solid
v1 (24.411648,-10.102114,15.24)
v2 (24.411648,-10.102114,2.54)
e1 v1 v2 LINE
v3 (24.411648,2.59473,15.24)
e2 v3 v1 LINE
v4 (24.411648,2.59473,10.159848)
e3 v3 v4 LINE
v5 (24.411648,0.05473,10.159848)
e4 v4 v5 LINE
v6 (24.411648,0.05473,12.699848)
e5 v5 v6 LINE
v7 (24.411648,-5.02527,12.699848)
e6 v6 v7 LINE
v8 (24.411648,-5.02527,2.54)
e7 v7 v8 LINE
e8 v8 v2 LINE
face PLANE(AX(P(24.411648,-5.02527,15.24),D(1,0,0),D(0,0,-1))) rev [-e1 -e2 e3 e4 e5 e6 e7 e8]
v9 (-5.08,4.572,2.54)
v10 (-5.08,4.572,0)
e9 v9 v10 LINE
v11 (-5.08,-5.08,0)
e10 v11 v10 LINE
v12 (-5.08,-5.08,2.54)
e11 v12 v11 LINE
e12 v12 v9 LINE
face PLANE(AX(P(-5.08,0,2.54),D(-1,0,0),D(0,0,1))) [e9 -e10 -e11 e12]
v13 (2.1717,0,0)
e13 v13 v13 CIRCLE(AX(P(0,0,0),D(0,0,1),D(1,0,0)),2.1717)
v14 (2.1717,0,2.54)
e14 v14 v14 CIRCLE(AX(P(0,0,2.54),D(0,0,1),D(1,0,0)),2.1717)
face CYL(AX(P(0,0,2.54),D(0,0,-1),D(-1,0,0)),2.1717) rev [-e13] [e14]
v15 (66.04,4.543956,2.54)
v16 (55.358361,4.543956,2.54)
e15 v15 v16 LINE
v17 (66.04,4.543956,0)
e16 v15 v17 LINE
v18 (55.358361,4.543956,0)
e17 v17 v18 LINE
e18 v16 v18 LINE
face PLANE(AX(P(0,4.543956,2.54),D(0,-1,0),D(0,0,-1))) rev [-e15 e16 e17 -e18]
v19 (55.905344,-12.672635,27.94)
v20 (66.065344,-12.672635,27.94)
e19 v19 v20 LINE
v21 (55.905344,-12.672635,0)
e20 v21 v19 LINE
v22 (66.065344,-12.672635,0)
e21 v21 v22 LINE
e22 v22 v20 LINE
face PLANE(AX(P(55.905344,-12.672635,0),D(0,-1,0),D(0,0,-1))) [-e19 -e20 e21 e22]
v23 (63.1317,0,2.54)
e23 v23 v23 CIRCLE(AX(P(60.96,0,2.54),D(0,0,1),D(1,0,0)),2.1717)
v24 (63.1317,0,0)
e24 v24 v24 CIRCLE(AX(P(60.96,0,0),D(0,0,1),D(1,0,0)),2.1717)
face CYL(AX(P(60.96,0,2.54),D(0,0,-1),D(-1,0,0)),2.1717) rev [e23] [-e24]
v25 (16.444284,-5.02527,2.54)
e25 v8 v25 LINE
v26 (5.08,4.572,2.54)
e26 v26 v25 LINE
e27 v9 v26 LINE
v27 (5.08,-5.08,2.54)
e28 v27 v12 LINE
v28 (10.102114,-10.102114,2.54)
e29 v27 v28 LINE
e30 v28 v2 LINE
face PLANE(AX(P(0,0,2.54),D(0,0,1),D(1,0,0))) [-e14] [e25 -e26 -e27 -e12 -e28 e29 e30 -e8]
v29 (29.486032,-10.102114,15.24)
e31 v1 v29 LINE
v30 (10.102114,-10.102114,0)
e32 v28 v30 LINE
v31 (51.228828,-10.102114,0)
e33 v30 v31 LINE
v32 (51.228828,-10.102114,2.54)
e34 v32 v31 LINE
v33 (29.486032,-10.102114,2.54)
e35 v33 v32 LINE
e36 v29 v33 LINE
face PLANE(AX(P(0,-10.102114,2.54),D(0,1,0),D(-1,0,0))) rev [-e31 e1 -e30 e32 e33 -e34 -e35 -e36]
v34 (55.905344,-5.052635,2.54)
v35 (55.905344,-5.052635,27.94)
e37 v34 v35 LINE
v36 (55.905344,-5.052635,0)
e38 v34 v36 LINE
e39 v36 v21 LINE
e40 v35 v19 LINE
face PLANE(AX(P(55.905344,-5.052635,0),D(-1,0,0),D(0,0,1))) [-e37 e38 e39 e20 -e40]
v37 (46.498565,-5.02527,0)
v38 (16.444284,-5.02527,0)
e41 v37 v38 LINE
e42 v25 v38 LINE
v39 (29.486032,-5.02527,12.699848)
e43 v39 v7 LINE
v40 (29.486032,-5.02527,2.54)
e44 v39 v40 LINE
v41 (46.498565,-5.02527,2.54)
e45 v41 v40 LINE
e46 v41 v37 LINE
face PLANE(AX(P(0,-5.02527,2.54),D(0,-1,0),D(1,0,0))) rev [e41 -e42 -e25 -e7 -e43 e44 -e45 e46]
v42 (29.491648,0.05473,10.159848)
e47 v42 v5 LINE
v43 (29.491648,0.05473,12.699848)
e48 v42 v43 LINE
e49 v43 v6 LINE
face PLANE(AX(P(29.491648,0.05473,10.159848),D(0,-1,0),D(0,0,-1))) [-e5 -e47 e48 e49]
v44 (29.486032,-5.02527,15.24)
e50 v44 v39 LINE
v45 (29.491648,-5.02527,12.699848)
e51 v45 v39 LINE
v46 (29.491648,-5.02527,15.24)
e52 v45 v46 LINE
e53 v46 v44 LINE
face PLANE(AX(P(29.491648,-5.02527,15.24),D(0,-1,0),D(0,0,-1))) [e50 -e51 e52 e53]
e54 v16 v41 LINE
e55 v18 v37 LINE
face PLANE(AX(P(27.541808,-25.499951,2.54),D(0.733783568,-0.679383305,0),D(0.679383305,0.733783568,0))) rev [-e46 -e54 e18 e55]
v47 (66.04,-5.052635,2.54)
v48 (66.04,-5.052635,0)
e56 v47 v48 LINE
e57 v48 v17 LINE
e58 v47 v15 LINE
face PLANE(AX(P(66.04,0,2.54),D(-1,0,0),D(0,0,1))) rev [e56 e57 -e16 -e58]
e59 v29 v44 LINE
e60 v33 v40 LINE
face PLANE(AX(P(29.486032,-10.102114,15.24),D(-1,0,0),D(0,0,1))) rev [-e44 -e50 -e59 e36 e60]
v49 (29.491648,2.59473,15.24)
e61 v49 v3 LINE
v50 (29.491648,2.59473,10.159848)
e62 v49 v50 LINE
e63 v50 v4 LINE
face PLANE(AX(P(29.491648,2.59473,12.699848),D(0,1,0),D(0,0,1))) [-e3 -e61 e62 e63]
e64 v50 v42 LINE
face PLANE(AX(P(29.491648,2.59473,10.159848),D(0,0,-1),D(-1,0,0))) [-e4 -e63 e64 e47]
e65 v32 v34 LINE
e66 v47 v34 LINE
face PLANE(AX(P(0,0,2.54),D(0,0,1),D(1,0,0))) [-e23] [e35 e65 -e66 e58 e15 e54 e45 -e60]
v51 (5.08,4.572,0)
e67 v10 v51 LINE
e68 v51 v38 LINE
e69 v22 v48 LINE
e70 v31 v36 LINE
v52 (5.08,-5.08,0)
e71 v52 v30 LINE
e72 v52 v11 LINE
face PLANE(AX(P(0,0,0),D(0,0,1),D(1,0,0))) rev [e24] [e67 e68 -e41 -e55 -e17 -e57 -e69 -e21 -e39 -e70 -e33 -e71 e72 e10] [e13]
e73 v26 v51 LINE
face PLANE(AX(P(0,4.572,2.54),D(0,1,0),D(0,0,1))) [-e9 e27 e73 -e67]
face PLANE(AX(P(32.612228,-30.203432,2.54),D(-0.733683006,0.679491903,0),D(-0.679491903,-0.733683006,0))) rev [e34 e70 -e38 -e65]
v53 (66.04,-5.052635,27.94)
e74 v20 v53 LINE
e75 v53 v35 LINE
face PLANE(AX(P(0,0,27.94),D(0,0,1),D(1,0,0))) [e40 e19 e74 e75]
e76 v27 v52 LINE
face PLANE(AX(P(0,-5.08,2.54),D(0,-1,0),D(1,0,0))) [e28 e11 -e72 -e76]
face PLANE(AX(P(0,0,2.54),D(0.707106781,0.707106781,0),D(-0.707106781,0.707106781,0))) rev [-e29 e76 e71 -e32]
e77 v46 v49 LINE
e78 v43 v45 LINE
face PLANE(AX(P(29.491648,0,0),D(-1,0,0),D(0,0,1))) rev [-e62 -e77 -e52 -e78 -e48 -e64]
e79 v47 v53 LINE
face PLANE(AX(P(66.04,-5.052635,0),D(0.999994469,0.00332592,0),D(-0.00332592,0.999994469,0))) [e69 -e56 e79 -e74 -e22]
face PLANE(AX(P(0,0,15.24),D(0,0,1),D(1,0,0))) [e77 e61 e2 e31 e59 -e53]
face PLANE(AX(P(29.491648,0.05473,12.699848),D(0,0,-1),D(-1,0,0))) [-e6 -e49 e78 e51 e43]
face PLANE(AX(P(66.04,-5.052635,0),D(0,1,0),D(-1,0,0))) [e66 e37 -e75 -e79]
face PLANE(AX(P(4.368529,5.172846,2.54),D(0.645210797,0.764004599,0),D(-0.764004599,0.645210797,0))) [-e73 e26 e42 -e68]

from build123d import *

# Parameters (mm, degrees)
SKETCH1_R                = 2.1717
BOSS_EXTRUDE2_DEPTH      = 2.54
BOSS_EXTRUDE3_DEPTH      = 25.4
BOSS_EXTRUDE3_DEPTH_BACK = 2.54
SKETCH3_W                = 5.074384234
SKETCH3_H                = 5.076844133
BOSS_EXTRUDE4_DEPTH      = 12.7
BOSS_EXTRUDE5_DEPTH      = 5.08


with BuildPart() as part:
    # Sketch1 → Boss-Extrude2 (new body)
    with BuildSketch(Plane.XY):
        Polygon((5.08, -5.08), (-5.08, -5.08), (-5.08, 4.572), (5.08, 4.572), (16.444283816, -5.025270266), (46.498564563, -5.025270266), (55.358360552, 4.543956213), (66.03999997, 4.543956213), (66.03999997, -5.052635133), (55.90534362, -5.052635133), (51.228827675, -10.102114399), (10.102114399, -10.102114399), align=None)
        Circle(SKETCH1_R, mode=Mode.SUBTRACT)
        with Locations((60.96, 0)):
            Circle(SKETCH1_R, mode=Mode.SUBTRACT)
    extrude(amount=BOSS_EXTRUDE2_DEPTH)

    # Sketch2 → Boss-Extrude3 (add, two sides: drawn at the far end of the back side and taken through both)
    with BuildSketch(Plane.XY.offset(2.54).offset(-BOSS_EXTRUDE3_DEPTH_BACK)):
        Polygon((55.90534362, -5.052635133), (55.90534362, -12.672635133), (66.06534362, -12.672635133), (66.03999997, -5.052635133), align=None)
    extrude(amount=BOSS_EXTRUDE3_DEPTH + BOSS_EXTRUDE3_DEPTH_BACK)

    # Sketch3 → Boss-Extrude4 (add)
    with BuildSketch(Plane.XY.offset(2.54)):
        with Locations((26.948840143, -7.563692333)):
            Rectangle(SKETCH3_W, SKETCH3_H)
    extrude(amount=BOSS_EXTRUDE4_DEPTH)

    # Sketch5 → Boss-Extrude5 (add)
    with BuildSketch(Plane.ZY.offset(-24.411648026)):
        Polygon((15.24, -5.025270266), (15.24, 2.594729734), (12.699847587, 2.594729734), (10.159847587, 2.594729734), (10.159847587, 0.054729734), (12.699847587, 0.054729734), (12.699847587, -5.025270266), align=None)
    extrude(amount=-BOSS_EXTRUDE5_DEPTH)


solid = part.part
